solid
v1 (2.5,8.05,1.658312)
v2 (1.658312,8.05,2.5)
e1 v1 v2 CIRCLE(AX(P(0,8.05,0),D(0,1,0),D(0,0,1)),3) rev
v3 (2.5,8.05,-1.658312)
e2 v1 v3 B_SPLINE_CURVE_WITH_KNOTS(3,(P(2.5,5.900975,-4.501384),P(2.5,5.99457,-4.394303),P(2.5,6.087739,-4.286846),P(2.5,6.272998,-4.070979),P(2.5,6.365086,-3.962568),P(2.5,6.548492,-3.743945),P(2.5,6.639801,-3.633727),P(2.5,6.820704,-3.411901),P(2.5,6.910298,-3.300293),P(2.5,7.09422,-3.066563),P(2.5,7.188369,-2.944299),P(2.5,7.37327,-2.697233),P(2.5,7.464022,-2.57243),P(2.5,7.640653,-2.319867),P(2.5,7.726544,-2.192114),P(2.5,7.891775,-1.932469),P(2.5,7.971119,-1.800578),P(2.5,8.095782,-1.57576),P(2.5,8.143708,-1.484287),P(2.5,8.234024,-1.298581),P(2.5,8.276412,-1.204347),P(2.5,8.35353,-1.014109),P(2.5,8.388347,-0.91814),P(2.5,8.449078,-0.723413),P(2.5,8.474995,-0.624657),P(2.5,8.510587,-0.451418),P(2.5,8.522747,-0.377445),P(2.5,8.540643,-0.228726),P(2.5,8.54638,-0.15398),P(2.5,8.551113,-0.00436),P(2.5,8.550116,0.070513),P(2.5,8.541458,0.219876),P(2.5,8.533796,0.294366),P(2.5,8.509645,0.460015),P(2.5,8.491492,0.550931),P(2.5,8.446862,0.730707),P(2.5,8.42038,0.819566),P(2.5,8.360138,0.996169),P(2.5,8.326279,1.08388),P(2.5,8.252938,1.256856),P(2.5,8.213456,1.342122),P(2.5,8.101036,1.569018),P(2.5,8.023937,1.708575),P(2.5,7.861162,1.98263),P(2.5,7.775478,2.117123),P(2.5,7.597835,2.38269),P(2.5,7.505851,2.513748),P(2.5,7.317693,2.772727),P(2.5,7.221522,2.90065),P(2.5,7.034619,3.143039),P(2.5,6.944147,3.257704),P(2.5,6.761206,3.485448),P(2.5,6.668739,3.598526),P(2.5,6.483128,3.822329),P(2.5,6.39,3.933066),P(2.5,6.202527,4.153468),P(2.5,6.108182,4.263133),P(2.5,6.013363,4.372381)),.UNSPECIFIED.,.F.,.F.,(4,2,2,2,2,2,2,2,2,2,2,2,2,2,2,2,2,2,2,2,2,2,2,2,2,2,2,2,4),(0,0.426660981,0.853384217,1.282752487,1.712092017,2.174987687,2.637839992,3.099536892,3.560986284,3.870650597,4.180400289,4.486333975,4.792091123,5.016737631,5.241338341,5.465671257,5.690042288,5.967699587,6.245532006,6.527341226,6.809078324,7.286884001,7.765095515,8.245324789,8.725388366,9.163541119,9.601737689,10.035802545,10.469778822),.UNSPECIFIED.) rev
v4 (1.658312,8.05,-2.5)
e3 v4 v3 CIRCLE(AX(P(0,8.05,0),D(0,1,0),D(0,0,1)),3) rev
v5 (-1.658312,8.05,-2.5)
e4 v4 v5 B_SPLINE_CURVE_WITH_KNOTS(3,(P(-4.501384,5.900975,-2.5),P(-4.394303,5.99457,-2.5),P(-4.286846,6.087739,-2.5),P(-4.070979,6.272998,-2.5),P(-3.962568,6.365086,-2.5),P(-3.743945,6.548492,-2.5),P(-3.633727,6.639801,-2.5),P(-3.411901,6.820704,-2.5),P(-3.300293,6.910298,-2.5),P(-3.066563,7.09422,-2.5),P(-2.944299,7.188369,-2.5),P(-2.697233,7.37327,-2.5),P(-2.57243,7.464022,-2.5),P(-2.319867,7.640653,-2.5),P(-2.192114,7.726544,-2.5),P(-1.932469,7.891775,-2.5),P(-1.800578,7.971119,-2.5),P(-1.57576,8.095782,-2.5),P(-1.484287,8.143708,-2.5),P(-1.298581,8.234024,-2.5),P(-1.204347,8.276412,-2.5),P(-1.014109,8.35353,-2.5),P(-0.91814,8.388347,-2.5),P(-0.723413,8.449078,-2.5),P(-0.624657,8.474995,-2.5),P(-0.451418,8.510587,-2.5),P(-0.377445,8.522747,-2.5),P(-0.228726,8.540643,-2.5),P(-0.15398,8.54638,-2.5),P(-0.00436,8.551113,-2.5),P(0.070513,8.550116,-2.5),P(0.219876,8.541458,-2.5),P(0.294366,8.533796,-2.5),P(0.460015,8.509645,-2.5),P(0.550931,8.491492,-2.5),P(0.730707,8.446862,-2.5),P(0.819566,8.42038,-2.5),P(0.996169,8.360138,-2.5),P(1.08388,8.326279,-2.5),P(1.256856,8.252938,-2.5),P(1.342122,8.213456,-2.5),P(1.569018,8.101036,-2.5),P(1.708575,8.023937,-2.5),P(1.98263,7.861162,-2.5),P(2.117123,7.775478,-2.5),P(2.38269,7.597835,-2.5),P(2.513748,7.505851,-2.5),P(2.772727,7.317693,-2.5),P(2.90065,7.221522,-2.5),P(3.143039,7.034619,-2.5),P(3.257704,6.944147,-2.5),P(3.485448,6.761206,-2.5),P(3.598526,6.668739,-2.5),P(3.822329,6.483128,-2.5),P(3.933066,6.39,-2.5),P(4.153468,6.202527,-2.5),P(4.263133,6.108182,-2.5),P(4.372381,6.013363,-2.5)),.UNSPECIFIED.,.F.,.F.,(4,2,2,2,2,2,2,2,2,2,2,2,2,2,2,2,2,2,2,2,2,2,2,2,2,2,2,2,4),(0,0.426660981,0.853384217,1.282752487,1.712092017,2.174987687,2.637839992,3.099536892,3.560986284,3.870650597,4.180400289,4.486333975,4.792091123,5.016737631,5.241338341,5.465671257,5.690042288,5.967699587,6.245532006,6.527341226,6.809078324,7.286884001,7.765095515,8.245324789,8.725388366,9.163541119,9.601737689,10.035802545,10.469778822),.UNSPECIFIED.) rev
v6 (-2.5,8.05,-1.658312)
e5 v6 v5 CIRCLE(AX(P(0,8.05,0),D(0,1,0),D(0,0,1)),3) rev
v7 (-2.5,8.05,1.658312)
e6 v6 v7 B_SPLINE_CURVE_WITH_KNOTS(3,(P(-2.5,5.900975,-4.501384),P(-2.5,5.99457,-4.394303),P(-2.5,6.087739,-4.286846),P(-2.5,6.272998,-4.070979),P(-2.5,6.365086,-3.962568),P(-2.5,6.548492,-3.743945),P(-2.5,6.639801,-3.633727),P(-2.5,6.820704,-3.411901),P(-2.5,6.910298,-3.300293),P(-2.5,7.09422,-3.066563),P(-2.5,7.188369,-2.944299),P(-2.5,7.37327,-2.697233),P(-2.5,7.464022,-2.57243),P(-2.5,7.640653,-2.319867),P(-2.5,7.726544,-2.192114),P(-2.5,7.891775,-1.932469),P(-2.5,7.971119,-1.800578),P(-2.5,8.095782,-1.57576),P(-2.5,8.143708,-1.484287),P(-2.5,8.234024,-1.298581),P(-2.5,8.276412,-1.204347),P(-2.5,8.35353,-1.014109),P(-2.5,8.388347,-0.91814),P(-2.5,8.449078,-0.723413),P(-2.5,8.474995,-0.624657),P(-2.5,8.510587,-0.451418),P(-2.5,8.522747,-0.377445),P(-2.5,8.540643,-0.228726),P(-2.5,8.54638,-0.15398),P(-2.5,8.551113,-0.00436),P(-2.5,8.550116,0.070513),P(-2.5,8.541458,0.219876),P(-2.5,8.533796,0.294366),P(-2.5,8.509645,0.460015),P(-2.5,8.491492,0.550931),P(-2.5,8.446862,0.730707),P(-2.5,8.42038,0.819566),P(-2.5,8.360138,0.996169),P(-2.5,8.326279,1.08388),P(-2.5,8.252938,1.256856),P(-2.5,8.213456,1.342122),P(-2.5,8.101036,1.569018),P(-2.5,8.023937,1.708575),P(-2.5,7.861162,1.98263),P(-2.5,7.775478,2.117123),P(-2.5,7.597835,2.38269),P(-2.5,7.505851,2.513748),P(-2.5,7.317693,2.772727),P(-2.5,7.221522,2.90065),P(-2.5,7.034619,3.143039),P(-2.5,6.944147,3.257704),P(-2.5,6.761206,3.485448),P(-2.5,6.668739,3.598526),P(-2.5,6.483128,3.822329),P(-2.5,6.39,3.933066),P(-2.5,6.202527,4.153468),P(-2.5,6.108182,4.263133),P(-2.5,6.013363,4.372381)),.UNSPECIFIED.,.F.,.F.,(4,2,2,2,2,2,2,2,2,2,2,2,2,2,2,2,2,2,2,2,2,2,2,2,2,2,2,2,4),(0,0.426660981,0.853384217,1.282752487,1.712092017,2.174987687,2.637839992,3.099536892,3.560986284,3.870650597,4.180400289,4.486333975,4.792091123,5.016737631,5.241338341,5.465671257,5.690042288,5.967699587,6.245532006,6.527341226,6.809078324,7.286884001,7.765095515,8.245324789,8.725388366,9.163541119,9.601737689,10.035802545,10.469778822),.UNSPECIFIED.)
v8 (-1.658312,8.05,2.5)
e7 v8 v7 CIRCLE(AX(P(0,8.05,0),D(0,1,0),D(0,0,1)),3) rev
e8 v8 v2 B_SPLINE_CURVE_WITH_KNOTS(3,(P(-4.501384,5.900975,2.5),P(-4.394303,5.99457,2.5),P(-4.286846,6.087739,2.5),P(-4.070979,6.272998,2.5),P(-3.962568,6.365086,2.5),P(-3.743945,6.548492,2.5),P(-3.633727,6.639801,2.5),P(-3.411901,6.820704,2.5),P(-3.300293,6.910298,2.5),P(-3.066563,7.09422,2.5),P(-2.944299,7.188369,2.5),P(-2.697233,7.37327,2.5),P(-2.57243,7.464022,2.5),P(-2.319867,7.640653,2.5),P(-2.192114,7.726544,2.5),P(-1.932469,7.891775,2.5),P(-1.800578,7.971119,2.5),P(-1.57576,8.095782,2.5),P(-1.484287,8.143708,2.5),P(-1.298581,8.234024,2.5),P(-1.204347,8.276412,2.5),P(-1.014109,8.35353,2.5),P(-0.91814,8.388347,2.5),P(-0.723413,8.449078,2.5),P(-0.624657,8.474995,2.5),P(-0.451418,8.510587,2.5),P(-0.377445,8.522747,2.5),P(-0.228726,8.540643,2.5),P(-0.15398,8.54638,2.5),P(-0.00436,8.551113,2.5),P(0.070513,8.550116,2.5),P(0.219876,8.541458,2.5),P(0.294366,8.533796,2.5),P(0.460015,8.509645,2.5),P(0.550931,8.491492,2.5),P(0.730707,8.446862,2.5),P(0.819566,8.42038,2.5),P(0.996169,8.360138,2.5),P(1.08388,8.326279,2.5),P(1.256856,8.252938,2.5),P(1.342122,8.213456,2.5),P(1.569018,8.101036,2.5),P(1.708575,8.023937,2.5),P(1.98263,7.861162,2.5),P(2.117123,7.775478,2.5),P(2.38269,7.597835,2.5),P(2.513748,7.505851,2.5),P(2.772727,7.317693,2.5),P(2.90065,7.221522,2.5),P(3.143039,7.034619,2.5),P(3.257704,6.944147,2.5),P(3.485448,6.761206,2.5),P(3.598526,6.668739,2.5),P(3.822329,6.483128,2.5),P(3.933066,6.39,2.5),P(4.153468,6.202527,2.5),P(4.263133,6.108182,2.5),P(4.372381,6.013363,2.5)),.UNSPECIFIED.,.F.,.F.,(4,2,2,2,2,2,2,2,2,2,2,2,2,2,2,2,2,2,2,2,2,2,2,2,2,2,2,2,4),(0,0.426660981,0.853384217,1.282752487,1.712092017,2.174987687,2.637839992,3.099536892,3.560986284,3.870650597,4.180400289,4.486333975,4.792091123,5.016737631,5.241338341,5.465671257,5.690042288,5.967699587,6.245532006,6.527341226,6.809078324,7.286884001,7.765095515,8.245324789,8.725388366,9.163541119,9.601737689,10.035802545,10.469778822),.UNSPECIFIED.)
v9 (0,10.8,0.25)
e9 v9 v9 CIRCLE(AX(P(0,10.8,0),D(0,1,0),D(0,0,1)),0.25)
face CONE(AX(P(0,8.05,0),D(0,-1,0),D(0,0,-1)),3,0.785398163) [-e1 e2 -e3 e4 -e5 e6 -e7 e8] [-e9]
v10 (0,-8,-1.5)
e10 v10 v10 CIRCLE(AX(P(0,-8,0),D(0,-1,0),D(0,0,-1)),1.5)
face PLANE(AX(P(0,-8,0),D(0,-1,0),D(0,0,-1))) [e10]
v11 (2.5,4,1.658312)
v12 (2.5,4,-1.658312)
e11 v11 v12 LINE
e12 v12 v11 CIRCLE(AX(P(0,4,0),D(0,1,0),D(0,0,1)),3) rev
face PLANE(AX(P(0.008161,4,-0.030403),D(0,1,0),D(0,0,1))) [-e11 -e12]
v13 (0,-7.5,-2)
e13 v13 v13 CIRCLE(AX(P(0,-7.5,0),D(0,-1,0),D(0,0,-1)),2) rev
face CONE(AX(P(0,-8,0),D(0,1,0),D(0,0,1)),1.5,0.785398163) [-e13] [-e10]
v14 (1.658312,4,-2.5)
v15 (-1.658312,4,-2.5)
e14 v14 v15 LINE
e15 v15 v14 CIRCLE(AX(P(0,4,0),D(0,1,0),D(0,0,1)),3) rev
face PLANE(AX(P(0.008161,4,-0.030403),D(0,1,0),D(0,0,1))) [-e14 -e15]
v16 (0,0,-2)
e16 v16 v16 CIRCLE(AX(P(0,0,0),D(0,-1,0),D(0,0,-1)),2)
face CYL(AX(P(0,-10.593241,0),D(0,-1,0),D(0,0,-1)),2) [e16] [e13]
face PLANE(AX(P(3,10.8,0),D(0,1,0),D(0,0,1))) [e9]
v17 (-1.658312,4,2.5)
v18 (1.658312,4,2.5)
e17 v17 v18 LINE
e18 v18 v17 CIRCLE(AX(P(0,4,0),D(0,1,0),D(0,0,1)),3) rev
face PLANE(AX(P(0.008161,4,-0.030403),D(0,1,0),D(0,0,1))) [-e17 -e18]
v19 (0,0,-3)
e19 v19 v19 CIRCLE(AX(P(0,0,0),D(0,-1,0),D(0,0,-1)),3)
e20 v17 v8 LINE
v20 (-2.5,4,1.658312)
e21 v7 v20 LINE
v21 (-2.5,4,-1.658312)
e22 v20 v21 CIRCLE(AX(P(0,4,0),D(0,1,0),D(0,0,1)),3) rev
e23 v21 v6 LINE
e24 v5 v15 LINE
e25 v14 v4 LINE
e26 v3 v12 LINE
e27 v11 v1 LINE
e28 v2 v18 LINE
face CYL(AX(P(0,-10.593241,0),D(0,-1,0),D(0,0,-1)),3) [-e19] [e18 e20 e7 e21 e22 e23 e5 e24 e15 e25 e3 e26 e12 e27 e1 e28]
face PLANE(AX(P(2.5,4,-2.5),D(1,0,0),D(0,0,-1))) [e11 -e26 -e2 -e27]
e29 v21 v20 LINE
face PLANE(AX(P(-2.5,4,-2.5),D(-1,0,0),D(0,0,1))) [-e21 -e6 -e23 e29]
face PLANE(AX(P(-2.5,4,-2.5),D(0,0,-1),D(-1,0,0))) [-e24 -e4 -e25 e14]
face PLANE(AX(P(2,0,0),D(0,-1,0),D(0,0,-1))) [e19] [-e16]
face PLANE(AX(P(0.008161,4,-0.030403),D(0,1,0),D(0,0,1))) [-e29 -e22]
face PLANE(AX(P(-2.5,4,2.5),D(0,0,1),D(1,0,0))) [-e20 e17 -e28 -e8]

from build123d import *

# Parameters (mm, degrees)
CHAMFER1_SIZE       = 2.75
SKETCH2_OUTSIDE_W   = 12.126
SKETCH2_OUTSIDE_H   = 12.126
SKETCH2_OUTSIDE_W_2 = 5
SKETCH2_OUTSIDE_H_2 = 5
CUT_EXTRUDE1_DEPTH  = 6.8
CHAMFER2_SIZE       = 0.5


with BuildPart() as part:
    # Sketch1 → Revolve1 (revolve)
    with BuildSketch(Plane.XY, mode=Mode.PRIVATE) as revolve1_sk:
        Polygon((0, -8), (2, -8), (2, 0), (3, 0), (3, 10.8), (0, 10.8), align=None)
    revolve(revolve1_sk.sketch.rotate(Axis((0, -10.593240764, 0), (0, 1, 0)), 90), axis=Axis((0, -10.593240764, 0), (0, 1, 0)))

    # Chamfer1
    chamfer1_edges = [part.edges().sort_by_distance(p)[0] for p in [
        (0, 10.8, 3),
    ]]
    chamfer(chamfer1_edges, length=CHAMFER1_SIZE)

    # Sketch2 outside → Cut-Extrude1 (cut)
    with BuildSketch(Plane(origin=(0, 10.8, 0), x_dir=(1, 0, 0), z_dir=(0, 1, 0))):
        Rectangle(SKETCH2_OUTSIDE_W, SKETCH2_OUTSIDE_H)
        Rectangle(SKETCH2_OUTSIDE_W_2, SKETCH2_OUTSIDE_H_2, mode=Mode.SUBTRACT)
    extrude(amount=-CUT_EXTRUDE1_DEPTH, mode=Mode.SUBTRACT)

    # Chamfer2
    chamfer2_edges = [part.edges().sort_by_distance(p)[0] for p in [
        (0, -8, 2),
    ]]
    chamfer(chamfer2_edges, length=CHAMFER2_SIZE)


solid = part.part
